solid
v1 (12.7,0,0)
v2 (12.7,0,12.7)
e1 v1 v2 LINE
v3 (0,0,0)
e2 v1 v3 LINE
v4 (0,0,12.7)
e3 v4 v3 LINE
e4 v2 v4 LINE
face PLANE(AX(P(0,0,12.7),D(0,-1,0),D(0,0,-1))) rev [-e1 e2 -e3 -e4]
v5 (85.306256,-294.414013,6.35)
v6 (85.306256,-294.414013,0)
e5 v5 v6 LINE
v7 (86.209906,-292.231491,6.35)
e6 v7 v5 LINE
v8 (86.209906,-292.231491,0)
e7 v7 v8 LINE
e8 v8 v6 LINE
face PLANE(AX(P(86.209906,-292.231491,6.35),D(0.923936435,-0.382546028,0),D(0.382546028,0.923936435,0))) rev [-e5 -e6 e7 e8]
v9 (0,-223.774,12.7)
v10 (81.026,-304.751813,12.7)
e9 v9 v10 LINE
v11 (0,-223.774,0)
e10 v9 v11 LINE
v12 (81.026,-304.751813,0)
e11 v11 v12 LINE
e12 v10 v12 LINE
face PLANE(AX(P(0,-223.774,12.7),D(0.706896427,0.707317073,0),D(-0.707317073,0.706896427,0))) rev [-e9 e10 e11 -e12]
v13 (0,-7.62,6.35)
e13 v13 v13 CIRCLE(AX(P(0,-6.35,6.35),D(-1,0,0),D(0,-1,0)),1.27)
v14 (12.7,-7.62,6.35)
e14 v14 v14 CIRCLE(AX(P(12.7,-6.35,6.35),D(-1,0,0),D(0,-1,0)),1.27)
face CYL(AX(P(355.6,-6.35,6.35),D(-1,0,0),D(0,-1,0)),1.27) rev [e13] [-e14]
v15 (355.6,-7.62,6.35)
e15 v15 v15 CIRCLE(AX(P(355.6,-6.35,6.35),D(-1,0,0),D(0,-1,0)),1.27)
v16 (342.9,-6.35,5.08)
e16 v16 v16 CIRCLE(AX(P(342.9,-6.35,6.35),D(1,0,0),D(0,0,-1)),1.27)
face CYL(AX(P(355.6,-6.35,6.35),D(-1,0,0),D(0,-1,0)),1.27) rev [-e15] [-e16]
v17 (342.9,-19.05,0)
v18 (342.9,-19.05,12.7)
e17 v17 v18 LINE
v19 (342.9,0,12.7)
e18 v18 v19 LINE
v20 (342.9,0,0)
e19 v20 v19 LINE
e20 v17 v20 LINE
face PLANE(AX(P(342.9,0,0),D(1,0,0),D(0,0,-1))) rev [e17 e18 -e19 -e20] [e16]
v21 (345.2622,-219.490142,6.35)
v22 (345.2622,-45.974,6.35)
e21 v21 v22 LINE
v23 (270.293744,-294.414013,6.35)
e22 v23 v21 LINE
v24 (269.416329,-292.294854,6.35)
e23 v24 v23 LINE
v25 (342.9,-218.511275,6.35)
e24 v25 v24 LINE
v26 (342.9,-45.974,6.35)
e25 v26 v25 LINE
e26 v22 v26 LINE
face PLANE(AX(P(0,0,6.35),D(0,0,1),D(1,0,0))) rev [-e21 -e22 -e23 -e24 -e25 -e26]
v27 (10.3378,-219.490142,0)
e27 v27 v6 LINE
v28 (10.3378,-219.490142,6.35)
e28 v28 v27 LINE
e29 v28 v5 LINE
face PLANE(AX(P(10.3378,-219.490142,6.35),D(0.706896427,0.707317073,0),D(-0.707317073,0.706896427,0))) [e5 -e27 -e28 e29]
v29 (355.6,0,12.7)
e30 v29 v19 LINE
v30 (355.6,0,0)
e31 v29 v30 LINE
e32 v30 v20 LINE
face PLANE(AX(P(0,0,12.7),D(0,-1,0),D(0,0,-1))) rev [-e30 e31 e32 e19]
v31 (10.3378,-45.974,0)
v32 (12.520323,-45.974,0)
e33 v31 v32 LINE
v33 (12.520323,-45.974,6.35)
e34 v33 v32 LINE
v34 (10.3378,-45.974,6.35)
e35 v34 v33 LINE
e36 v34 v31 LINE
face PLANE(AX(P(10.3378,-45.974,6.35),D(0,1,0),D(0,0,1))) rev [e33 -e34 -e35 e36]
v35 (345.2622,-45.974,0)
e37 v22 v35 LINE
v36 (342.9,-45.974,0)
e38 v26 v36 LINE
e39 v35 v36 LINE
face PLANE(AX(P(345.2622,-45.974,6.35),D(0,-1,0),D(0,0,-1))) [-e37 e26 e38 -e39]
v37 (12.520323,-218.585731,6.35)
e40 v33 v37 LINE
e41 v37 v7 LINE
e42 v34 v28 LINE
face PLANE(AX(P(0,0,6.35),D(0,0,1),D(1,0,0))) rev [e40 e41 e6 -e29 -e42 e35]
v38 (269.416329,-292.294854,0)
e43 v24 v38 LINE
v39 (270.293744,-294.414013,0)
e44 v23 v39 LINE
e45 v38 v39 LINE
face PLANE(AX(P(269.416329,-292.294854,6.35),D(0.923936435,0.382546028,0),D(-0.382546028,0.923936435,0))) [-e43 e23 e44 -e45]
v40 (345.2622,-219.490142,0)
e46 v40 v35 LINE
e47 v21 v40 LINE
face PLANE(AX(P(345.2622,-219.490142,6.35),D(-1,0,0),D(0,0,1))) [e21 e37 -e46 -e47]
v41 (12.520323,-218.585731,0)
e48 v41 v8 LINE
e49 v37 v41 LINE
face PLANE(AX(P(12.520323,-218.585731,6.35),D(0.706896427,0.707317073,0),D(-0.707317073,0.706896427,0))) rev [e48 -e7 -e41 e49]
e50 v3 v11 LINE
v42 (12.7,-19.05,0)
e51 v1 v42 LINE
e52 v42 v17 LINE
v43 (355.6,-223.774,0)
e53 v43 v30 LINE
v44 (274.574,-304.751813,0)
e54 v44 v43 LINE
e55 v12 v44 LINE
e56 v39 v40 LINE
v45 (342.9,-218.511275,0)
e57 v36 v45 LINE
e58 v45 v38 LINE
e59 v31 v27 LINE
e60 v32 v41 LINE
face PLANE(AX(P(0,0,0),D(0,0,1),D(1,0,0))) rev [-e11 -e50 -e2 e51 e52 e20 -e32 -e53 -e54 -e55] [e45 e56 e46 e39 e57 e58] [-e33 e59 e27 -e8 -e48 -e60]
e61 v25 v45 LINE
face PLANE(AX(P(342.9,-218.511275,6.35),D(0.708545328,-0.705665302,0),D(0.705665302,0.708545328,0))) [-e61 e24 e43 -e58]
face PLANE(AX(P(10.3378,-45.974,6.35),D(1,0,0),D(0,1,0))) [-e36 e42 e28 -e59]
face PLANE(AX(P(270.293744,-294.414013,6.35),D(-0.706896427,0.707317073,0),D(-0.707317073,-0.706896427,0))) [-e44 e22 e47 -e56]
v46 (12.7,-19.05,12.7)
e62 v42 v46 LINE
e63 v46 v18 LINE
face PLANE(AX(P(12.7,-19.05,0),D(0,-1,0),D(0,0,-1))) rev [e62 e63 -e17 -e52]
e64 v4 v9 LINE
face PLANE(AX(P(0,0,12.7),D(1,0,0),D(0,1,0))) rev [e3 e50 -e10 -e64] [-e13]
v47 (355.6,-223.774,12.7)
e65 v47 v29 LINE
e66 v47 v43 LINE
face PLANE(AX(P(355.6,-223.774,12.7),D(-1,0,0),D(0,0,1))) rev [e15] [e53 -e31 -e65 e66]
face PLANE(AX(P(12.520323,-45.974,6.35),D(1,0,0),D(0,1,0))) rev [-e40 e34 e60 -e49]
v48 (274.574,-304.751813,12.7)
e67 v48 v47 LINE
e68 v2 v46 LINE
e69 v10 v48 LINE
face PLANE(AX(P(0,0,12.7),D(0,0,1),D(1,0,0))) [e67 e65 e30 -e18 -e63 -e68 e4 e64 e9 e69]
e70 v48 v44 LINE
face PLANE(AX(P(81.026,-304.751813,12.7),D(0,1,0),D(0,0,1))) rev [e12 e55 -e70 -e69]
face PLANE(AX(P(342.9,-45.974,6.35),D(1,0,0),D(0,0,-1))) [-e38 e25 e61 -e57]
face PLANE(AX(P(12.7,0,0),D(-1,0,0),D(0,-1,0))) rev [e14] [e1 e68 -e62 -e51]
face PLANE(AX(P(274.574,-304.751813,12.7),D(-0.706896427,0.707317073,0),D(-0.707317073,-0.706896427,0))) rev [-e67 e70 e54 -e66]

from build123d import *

# Parameters (mm, degrees)
BOSS_EXTRUDE1_DEPTH = 12.7
SKETCH2_W           = 330.2
SKETCH2_H           = 19.05
CUT_EXTRUDE1_DEPTH  = 13.7
SKETCH3_R           = 1.27
CUT_EXTRUDE2_DEPTH  = 356.6
CUT_EXTRUDE7_DEPTH  = 6.35


with BuildPart() as part:
    # Sketch1 → Boss-Extrude1 (new body)
    with BuildSketch(Plane.XY):
        Polygon((0, 0), (355.6, 0), (355.6, -223.774), (274.574, -304.751813258), (81.026, -304.751813258), (0, -223.774), align=None)
    extrude(amount=BOSS_EXTRUDE1_DEPTH)

    # Sketch2 → Cut-Extrude1 (cut, through all)
    with BuildSketch(Plane.XY.offset(12.7)):
        with Locations((177.8, -9.525)):
            Rectangle(SKETCH2_W, SKETCH2_H)
    extrude(amount=-CUT_EXTRUDE1_DEPTH, mode=Mode.SUBTRACT)

    # Sketch3 → Cut-Extrude2 (cut, through all)
    with BuildSketch(Plane.ZY):
        with Locations((6.35, -6.35)):
            Circle(SKETCH3_R)
    extrude(amount=-CUT_EXTRUDE2_DEPTH, mode=Mode.SUBTRACT)

    # Sketch4 → Cut-Extrude7 (cut)
    with BuildSketch(Plane.XY):
        Polygon((10.3378, -45.974), (10.3378, -219.490141692), (85.306255844, -294.414013258), (86.209906071, -292.23149061), (12.520322648, -218.58573091), (12.520322648, -45.974), align=None)
        Polygon((270.293744156, -294.414013258), (345.2622, -219.490141692), (345.2622, -45.974), (342.9, -45.974), (342.9, -218.511274805), (269.416328936, -292.294854171), align=None)
    extrude(amount=CUT_EXTRUDE7_DEPTH, mode=Mode.SUBTRACT)


solid = part.part
